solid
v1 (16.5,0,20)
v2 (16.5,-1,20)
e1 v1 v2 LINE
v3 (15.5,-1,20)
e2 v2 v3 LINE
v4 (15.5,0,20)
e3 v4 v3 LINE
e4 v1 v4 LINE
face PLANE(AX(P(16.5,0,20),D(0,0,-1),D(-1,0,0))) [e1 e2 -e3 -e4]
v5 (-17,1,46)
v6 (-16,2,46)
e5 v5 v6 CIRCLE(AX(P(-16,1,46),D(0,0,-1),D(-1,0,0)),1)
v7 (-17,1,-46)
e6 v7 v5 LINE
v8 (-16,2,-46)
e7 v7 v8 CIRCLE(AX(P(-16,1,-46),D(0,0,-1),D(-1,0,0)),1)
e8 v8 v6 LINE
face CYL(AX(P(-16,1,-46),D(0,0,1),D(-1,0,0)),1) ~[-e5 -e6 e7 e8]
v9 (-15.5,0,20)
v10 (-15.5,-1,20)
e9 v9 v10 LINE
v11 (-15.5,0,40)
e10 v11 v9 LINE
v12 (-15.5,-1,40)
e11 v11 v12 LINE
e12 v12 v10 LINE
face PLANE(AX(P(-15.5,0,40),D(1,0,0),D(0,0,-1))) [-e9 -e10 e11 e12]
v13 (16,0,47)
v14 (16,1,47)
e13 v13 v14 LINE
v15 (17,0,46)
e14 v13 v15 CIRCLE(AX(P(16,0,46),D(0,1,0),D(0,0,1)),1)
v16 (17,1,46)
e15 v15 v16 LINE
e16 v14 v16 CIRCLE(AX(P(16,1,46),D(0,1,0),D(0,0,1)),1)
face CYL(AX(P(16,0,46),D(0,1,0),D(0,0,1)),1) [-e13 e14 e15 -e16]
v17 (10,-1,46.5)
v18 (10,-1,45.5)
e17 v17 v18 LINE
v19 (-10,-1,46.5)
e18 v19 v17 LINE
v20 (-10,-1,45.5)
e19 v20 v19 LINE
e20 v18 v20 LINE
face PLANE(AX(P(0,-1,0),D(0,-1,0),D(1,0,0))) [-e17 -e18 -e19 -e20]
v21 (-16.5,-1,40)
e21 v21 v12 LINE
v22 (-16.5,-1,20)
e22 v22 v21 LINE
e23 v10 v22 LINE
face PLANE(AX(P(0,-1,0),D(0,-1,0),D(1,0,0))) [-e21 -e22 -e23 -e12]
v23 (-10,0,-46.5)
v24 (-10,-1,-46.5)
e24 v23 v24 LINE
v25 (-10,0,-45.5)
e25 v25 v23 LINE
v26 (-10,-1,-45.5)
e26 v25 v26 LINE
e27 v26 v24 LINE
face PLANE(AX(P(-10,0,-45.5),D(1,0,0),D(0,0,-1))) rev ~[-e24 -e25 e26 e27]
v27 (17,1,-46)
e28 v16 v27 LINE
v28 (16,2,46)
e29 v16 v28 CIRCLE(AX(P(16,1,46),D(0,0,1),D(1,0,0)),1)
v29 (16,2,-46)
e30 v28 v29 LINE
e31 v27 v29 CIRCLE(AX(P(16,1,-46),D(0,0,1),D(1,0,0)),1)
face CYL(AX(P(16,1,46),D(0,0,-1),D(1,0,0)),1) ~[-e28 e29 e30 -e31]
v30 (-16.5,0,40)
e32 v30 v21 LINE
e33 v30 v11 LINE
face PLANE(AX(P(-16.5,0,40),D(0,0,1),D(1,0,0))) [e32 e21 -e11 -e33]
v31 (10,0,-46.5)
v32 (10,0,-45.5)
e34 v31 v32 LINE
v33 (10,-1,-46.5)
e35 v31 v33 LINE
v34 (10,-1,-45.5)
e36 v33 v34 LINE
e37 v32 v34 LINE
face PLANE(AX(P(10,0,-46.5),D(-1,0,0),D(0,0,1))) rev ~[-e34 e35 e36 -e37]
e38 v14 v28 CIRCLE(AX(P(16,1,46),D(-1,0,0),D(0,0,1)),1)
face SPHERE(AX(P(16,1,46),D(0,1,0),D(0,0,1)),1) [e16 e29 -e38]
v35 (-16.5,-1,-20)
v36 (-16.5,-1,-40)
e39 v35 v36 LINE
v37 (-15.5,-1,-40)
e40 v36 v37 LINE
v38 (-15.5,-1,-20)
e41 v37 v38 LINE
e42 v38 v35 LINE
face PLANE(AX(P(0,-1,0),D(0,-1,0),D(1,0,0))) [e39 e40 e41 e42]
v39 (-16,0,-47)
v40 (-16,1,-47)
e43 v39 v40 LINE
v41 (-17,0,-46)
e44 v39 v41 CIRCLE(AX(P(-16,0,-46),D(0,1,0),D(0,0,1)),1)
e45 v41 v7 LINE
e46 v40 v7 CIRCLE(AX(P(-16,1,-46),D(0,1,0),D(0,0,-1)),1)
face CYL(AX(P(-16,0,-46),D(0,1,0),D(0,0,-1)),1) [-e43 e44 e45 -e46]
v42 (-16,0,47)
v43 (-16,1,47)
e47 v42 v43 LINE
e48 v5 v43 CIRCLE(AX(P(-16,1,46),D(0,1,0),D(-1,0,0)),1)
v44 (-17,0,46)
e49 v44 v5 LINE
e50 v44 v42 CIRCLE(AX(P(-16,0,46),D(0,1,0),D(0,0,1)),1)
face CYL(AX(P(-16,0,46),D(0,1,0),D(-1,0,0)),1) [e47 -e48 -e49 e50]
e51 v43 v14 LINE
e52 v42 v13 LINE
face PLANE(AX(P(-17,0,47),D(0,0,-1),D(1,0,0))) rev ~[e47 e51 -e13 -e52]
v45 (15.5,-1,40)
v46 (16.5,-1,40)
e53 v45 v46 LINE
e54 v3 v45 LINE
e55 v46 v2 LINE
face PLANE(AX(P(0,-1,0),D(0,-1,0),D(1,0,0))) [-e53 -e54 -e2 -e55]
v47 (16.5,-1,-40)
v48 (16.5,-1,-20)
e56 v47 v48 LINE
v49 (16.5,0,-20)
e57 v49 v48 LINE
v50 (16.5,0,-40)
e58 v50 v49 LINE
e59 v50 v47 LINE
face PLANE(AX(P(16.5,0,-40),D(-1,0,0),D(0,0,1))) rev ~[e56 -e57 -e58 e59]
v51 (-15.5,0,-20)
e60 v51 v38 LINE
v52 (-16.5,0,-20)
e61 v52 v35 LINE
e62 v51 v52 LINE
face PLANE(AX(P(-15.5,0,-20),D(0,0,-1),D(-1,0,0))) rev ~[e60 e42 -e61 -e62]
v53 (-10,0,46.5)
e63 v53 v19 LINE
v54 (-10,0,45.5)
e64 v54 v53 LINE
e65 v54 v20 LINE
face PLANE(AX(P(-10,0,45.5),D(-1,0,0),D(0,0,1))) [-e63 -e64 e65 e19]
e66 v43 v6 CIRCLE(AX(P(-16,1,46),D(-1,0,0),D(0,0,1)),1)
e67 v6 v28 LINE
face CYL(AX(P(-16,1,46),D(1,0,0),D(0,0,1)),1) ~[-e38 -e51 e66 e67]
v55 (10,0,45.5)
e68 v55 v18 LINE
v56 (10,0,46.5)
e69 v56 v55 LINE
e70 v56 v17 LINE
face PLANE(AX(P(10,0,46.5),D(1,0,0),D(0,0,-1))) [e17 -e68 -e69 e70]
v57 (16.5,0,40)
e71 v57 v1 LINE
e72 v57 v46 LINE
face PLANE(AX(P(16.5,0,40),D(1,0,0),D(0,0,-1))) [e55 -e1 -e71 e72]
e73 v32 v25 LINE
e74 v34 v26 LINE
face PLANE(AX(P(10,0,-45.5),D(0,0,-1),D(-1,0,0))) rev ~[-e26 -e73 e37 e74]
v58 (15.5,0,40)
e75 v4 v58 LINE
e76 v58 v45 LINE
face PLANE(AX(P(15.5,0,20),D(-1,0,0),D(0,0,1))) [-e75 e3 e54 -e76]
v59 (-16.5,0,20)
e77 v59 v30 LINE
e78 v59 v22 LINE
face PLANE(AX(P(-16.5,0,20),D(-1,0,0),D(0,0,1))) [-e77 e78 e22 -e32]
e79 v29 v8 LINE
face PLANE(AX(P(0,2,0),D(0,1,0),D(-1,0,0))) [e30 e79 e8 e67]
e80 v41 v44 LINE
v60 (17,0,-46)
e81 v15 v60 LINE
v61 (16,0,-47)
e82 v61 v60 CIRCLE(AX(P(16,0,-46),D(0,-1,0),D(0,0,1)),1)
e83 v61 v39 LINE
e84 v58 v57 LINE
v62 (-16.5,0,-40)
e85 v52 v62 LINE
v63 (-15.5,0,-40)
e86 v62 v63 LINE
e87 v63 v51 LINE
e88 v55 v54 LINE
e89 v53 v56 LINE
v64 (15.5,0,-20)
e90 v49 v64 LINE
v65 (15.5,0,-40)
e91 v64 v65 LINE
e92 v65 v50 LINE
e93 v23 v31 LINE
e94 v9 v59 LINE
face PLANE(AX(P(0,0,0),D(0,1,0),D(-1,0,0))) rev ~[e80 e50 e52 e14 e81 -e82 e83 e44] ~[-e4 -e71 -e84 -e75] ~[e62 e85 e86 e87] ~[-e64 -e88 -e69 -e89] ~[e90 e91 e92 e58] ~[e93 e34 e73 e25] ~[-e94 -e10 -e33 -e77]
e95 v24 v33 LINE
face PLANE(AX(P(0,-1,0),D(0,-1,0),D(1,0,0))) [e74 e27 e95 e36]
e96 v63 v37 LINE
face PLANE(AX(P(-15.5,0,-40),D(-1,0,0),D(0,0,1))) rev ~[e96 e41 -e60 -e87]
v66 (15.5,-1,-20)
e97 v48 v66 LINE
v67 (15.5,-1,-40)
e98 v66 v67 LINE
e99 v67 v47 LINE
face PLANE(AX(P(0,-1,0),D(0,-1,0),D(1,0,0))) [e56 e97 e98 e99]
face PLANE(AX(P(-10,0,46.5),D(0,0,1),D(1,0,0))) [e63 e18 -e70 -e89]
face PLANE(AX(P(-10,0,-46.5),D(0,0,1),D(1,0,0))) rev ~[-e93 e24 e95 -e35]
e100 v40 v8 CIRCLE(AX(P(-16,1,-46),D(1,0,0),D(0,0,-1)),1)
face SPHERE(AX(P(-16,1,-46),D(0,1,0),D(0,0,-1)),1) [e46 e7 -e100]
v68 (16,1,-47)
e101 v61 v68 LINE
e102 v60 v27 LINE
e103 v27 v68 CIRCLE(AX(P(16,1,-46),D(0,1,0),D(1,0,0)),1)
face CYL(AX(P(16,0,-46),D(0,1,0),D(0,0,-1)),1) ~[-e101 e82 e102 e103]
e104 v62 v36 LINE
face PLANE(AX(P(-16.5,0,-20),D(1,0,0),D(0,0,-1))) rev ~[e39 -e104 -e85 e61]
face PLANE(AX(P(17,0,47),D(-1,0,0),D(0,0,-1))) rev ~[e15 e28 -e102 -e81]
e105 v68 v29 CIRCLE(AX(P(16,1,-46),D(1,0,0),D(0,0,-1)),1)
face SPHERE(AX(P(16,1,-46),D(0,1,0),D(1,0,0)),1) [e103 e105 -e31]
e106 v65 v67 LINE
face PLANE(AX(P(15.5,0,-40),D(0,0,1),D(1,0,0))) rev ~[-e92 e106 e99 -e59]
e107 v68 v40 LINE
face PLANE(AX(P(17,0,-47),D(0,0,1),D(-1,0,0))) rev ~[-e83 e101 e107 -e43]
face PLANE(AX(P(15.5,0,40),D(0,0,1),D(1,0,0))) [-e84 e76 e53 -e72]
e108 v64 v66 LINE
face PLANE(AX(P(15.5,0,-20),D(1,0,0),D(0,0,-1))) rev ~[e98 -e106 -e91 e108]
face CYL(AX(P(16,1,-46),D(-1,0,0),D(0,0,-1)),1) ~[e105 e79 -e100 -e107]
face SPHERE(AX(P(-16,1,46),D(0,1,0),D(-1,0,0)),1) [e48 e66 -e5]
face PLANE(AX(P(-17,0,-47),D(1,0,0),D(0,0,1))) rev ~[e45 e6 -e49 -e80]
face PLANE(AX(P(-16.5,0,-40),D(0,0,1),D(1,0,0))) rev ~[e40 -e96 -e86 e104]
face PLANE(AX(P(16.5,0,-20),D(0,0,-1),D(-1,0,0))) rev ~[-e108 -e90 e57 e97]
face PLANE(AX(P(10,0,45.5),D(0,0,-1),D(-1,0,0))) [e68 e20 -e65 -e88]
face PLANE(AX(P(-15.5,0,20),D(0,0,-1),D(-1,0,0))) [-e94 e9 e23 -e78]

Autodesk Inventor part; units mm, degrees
ref_plane "YZ Plane" through (0, 0, 0) normal (1, 0, 0) x (0, 1, 0)
ref_plane "XZ Plane" through (0, 0, 0) normal (0, 1, 0) x (-1, 0, 0)
ref_plane "XY Plane" through (0, 0, 0) normal (0, 0, 1) x (1, 0, 0)
sketch "Sketch4" plane through (0, 0, 0) normal (0, 1, 0) x (-1, 0, 0)
  line L0 (17, 47) -> (-17, 47)
  line L1 (-17, 47) -> (-17, -47)
  line L2 (-17, -47) -> (17, -47)
  line L3 (17, -47) -> (17, 47)
  line L4 (17, 47) -> (-17, -47) construction
  line L5 (-17, 47) -> (17, -47) construction
  point P0 (0, 0)
  dimension "d52" = 34
  dimension "d53" = 94
extrude "Extrusion5" add sketch "Sketch4" along normal blind 2
sketch "Sketch6" plane through (0, 0, 0) normal (0, -1, 0) x (1, 0, 0)
  line L0 (-16.5, -40) -> (-15.5, -40)
  line L1 (-15.5, -40) -> (-15.5, -20)
  line L2 (-15.5, -20) -> (-16.5, -20)
  line L3 (-16.5, -20) -> (-16.5, -40)
  line L4 (-15.5, 20) -> (-16.5, 20)
  line L5 (-16.5, 20) -> (-16.5, 40)
  line L6 (-16.5, 40) -> (-15.5, 40)
  line L7 (-15.5, 40) -> (-15.5, 20)
  line L8 (-10, 46.5) -> (10, 46.5)
  line L9 (10, 46.5) -> (10, 45.5)
  line L10 (10, 45.5) -> (-10, 45.5)
  line L11 (-10, 45.5) -> (-10, 46.5)
  line L12 (10, 46.5) -> (-10, 46.5)
  line L13 (-10, 46.5) -> (-10, 45.5)
  line L14 (-10, 45.5) -> (10, 45.5)
  line L15 (10, 45.5) -> (10, 46.5)
  line L16 (15.5, 40) -> (16.5, 40)
  line L17 (16.5, 40) -> (16.5, 20)
  line L18 (16.5, 20) -> (15.5, 20)
  line L19 (15.5, 20) -> (15.5, 40)
  line L20 (15.5, -40) -> (16.5, -40)
  line L21 (16.5, -40) -> (16.5, -20)
  line L22 (16.5, -20) -> (15.5, -20)
  line L23 (15.5, -20) -> (15.5, -40)
  line L24 (10, -45.5) -> (-10, -45.5)
  line L25 (-10, -45.5) -> (-10, -46.5)
  line L26 (-10, -46.5) -> (10, -46.5)
  line L27 (10, -46.5) -> (10, -45.5)
  line L28 (-10, -45.5) -> (10, -45.5)
  line L29 (10, -45.5) -> (10, -46.5)
  line L30 (10, -46.5) -> (-10, -46.5)
  line L31 (-10, -46.5) -> (-10, -45.5)
  line L32 (-17, 47) -> (-17, -47)
  line L33 (17, 47) -> (-17, 47)
  line L34 (17, -47) -> (17, 47)
  line L35 (-17, -47) -> (17, -47)
  line L36 (17, 47) -> (17, -47) projected
  line L37 (-17, -47) -> (-17, 47) projected
  line L38 (-17, 47) -> (17, 47) projected
  line L39 (17, -47) -> (-17, -47) projected
  point P0 (0, 0)
  point P1 (-16, 40)
  point P2 (-16, 20)
  point P3 (16, 40)
  point P4 (16, -40)
  point P5 (-10, -46)
  point P6 (-16, -40)
  dimension "d123" = 1
  dimension "d124" = 20
  dimension "d119" = 1
  dimension "d118" = 20
  dimension "d116" = 20
  dimension "d117" = 1
  dimension "d112" = 20
  dimension "d113" = 1
  dimension "d108" = 1
  dimension "d109" = 20
  dimension "d104" = 1
  dimension "d105" = 20
  dimension "d101" = 20
  dimension "d102" = 1
  dimension "d97" = 20
  dimension "d98" = 1
  dimension "d114" = 7
  dimension "d115" = 0.5
  dimension "d111" = 0.5
  dimension "d110" = 7
  dimension "d107" = 7
  dimension "d106" = 0.5
  dimension "d103" = 0.5
  dimension "d95" = 7
  dimension "d99" = 7
  dimension "d100" = 0.5
  dimension "d96" = 0.5
  dimension "d94" = 7
  dimension "d93" = 7
  dimension "d122" = 0.5
  dimension "d120" = 7
  dimension "d121" = 0.5
  dimension "d133" = 0
  dimension "d134" = 0
  dimension "d135" = 0
  dimension "d136" = 0
extrude "Extrusion7" add sketch "Sketch6" along normal blind 1 contours L3 L2 L1 L0 | L4 L5 L6 L7 | L8 L9 L10 L11 | L16 L17 L18 L19 | L23 L22 L21 L20 | L27 L26 L25 L24
fillet "Fillet9" radius 1 1 edges at (17, 1, -47)
fillet "Fillet10" radius 1 1 edges at (-17, 1, -47)
fillet "Fillet11" radius 1 1 edges at (-17, 1, 47)
fillet "Fillet12" radius 1 1 edges at (17, 1, 47)
fillet "Fillet13" radius 1 8 edges at (-16.7071, 2, -46.7071) (-17, 2, 0) (-16.7071, 2, 46.7071) (0, 2, 47) (16.7071, 2, 46.7071) (17, 2, 0) (16.7071, 2, -46.7071) (0, 2, -47)
properties part number "block_main" material "PC/ABS Plastic"
